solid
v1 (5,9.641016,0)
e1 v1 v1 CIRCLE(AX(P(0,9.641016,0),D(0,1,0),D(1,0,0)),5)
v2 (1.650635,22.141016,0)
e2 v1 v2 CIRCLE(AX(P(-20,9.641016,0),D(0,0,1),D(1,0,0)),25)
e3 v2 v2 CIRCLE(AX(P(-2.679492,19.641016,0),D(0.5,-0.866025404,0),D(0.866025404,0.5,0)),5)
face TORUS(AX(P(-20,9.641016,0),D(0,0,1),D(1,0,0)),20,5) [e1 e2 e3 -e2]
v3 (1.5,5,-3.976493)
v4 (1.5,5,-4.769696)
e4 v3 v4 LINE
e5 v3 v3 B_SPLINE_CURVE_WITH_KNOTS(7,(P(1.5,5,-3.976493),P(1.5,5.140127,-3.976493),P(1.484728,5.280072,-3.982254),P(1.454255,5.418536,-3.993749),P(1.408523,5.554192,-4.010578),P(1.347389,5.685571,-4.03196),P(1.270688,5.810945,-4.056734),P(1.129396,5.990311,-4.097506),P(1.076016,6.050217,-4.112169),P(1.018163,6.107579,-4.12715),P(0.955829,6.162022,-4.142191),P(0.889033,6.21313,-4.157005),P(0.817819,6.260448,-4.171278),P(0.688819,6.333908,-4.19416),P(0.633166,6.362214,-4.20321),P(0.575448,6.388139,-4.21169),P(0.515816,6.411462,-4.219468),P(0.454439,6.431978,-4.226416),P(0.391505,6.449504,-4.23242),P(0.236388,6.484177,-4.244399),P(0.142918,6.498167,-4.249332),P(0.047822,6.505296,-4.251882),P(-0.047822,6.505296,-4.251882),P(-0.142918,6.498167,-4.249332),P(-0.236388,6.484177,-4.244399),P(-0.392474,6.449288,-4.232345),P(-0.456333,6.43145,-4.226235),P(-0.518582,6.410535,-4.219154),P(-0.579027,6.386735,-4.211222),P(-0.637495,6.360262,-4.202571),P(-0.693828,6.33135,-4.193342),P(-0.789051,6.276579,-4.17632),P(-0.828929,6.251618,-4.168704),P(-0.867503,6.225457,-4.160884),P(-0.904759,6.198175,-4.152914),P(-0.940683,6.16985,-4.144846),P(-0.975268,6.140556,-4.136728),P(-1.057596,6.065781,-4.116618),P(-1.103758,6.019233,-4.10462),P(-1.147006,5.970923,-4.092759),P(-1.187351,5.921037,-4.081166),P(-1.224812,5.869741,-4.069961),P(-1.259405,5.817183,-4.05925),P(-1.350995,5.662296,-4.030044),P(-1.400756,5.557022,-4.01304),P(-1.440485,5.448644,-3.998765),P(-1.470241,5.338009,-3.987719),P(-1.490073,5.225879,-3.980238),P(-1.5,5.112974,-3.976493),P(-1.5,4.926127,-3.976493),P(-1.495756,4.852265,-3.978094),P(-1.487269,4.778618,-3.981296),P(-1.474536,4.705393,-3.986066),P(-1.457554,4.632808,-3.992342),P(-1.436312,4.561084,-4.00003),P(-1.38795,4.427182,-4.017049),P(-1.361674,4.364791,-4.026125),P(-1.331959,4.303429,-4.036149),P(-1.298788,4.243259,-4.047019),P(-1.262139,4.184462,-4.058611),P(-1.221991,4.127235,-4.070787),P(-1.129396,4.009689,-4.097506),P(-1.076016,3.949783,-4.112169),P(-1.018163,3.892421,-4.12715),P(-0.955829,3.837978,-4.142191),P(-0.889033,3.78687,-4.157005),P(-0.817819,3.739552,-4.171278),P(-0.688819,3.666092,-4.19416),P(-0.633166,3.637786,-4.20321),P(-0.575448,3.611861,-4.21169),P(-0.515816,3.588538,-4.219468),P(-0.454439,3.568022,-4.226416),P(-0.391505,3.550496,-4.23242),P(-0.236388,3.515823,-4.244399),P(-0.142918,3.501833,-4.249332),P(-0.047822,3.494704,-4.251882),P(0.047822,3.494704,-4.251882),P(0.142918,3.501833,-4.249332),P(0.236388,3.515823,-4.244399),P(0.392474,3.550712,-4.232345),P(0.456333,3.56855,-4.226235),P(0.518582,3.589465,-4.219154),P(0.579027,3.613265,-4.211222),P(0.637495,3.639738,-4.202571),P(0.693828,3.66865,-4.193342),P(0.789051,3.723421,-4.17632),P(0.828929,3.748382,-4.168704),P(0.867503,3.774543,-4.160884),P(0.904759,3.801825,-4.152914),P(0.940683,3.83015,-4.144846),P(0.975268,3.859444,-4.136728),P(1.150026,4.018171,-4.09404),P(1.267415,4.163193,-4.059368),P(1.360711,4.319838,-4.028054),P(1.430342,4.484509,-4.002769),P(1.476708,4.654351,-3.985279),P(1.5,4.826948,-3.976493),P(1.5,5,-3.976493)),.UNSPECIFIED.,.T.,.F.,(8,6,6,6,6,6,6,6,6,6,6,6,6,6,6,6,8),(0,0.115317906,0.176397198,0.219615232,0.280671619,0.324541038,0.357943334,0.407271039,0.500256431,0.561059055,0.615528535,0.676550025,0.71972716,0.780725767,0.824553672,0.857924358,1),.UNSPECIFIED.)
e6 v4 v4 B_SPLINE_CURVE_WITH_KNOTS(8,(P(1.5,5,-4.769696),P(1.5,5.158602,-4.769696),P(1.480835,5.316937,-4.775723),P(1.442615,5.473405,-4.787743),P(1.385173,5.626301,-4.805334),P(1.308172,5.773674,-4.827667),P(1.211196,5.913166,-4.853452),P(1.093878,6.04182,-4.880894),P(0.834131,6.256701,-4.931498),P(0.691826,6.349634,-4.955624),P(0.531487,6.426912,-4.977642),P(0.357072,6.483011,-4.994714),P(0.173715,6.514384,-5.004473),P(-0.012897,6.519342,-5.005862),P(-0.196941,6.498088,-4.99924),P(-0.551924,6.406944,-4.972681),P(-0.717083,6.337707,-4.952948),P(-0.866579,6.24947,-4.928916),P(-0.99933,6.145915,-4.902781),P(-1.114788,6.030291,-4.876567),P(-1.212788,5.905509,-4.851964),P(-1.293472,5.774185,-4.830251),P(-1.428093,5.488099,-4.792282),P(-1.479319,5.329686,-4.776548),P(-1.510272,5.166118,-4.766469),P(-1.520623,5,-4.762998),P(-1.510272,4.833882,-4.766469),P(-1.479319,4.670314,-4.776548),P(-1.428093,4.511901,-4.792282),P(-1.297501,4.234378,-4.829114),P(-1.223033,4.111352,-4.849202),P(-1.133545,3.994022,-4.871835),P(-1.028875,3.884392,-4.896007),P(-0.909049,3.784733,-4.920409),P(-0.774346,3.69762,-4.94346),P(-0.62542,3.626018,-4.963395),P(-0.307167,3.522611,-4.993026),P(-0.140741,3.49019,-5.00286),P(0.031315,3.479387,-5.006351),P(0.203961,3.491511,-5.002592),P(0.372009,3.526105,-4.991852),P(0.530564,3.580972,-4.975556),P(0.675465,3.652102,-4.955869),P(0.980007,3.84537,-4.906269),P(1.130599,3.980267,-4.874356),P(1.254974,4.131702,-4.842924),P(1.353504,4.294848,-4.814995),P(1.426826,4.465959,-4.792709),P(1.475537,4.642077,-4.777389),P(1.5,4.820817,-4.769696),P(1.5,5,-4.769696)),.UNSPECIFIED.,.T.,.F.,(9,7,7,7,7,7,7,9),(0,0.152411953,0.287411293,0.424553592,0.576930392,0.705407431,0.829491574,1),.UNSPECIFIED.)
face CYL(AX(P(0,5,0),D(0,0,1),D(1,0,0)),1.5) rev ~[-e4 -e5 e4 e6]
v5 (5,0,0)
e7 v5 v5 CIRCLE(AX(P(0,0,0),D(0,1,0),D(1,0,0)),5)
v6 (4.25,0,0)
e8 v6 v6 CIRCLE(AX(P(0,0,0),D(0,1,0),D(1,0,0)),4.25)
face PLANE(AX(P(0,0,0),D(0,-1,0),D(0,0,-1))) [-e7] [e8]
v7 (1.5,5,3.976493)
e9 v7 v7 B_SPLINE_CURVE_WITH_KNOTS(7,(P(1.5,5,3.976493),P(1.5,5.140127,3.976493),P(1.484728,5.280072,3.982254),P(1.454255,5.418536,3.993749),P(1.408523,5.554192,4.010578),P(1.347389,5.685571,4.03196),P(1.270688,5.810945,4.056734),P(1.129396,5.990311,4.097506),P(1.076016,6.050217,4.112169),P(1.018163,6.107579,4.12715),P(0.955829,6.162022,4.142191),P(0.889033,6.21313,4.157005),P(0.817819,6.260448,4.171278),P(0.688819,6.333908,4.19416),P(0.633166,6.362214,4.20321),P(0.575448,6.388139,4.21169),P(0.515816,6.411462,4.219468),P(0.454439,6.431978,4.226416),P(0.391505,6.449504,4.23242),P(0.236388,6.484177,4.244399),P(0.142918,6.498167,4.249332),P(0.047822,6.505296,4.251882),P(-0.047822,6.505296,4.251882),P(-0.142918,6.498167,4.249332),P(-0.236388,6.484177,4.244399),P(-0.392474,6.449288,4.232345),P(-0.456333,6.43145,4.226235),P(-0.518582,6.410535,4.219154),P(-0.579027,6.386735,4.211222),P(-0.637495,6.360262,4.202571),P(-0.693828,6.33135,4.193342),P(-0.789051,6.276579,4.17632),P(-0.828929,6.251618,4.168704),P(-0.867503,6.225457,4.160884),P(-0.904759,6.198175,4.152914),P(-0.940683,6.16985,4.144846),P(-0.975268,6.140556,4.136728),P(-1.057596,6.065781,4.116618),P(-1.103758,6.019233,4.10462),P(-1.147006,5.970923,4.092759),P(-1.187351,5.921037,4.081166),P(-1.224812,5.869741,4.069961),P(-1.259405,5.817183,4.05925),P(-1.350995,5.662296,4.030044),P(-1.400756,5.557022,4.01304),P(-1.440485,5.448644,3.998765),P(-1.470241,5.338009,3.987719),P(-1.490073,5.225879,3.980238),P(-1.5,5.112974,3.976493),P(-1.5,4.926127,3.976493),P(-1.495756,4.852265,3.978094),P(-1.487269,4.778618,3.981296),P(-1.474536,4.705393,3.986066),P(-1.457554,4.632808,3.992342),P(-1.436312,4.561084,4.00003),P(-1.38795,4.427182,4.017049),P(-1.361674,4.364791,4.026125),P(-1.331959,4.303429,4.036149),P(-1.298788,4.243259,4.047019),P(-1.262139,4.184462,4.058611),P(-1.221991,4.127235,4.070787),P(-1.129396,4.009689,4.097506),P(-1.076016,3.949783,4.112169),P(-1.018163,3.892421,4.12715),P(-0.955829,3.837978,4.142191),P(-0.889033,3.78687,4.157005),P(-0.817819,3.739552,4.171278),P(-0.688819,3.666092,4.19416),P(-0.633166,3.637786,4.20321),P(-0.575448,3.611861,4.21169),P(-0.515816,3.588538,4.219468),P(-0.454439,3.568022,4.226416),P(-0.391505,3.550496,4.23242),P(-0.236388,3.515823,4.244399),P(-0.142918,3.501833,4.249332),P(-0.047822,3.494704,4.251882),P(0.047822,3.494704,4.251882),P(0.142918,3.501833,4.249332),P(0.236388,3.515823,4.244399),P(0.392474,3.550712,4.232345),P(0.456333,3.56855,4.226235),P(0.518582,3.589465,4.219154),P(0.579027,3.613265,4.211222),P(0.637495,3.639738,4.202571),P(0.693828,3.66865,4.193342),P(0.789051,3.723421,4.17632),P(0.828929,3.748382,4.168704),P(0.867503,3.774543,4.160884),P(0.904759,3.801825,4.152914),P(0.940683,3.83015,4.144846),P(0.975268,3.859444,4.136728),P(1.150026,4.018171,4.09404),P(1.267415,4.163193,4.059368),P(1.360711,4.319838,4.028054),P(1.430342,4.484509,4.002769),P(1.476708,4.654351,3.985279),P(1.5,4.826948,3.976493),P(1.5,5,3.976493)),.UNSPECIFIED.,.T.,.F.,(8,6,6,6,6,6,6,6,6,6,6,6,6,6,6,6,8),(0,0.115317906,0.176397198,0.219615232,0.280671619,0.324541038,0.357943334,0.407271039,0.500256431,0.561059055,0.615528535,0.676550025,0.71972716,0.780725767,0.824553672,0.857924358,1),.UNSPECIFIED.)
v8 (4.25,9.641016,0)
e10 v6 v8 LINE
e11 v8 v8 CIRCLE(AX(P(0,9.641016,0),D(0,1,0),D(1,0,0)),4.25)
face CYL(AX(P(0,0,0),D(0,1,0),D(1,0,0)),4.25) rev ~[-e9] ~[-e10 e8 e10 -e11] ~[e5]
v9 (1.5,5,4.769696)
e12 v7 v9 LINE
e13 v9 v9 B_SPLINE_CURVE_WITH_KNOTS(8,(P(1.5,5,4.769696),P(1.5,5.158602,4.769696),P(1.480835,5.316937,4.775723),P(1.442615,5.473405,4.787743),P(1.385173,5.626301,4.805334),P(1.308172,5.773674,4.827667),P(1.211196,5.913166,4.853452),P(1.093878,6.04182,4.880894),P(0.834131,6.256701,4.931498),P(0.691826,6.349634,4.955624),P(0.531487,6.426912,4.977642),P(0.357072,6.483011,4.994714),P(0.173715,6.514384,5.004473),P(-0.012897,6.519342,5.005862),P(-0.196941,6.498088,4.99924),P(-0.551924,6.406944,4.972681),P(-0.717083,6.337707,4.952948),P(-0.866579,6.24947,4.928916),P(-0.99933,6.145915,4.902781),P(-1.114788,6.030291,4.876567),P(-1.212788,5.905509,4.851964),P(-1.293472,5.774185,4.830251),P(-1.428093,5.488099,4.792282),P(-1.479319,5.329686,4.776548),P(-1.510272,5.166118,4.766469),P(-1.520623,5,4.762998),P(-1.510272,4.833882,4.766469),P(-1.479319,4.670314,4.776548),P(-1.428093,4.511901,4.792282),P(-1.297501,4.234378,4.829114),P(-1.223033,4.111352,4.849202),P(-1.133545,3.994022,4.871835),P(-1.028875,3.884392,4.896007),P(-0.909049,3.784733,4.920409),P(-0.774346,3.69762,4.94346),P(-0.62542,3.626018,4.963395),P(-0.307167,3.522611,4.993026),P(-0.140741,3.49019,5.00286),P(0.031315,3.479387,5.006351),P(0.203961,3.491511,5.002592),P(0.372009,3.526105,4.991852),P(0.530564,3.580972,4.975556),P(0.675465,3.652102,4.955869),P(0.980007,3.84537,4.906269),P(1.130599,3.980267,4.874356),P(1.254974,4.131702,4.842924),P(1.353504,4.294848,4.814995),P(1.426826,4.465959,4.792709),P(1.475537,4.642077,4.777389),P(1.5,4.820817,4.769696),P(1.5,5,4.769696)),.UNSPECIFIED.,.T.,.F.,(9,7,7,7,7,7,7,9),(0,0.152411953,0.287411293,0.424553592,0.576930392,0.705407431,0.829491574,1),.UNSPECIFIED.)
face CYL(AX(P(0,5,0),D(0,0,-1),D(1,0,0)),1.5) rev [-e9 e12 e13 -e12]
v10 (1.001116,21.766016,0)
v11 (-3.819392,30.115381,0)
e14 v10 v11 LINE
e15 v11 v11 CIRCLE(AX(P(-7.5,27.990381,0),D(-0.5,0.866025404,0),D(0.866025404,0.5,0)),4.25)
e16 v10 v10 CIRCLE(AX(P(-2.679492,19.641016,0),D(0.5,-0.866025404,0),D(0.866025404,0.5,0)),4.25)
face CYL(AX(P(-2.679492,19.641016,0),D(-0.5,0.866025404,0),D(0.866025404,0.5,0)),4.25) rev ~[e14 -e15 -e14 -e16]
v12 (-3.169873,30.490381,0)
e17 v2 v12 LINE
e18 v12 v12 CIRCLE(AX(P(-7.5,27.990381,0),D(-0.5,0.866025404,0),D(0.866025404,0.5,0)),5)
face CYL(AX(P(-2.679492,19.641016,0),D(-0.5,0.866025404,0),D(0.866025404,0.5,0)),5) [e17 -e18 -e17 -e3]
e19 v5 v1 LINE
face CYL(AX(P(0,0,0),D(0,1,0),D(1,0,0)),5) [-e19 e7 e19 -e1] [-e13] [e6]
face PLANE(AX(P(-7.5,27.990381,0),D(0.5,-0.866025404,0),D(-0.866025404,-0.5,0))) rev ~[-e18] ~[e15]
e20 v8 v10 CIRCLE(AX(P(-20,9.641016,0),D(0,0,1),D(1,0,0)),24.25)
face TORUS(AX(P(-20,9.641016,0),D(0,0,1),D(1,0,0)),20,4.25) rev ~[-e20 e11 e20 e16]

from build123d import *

# Parameters (mm, degrees)
F1_R          = 5
F1_R_2        = 4.25
F3_R          = 1.5
F4_DEPTH      = 25
F4_DEPTH_BACK = 25


with BuildPart() as f2:
    # F2: sweep along a path in F0
    with BuildLine(Plane.XY) as f2_path:
        Line((0, 0), (0, 9.6410161514))
        ThreePointArc((0, 9.6410161514), (-0.6814834742, 14.8173970534), (-2.6794919243, 19.6410161514))
        Line((-2.6794919243, 19.6410161514), (-7.5, 27.9903810568))
    # F1 (on Front) → F2 (sweep)
    with BuildSketch(Plane.XZ):
        Circle(F1_R)
        Circle(F1_R_2, mode=Mode.SUBTRACT)
    sweep(path=f2_path.line)

    # F3 (on Top) → F4 (cut, two sides)
    with BuildSketch(Plane.XY) as f4_sk:
        with Locations((0, 5)):
            Circle(F3_R)
    extrude(amount=-F4_DEPTH, mode=Mode.SUBTRACT)
    extrude(f4_sk.sketch, amount=F4_DEPTH_BACK, mode=Mode.SUBTRACT)


solid = f2.part
